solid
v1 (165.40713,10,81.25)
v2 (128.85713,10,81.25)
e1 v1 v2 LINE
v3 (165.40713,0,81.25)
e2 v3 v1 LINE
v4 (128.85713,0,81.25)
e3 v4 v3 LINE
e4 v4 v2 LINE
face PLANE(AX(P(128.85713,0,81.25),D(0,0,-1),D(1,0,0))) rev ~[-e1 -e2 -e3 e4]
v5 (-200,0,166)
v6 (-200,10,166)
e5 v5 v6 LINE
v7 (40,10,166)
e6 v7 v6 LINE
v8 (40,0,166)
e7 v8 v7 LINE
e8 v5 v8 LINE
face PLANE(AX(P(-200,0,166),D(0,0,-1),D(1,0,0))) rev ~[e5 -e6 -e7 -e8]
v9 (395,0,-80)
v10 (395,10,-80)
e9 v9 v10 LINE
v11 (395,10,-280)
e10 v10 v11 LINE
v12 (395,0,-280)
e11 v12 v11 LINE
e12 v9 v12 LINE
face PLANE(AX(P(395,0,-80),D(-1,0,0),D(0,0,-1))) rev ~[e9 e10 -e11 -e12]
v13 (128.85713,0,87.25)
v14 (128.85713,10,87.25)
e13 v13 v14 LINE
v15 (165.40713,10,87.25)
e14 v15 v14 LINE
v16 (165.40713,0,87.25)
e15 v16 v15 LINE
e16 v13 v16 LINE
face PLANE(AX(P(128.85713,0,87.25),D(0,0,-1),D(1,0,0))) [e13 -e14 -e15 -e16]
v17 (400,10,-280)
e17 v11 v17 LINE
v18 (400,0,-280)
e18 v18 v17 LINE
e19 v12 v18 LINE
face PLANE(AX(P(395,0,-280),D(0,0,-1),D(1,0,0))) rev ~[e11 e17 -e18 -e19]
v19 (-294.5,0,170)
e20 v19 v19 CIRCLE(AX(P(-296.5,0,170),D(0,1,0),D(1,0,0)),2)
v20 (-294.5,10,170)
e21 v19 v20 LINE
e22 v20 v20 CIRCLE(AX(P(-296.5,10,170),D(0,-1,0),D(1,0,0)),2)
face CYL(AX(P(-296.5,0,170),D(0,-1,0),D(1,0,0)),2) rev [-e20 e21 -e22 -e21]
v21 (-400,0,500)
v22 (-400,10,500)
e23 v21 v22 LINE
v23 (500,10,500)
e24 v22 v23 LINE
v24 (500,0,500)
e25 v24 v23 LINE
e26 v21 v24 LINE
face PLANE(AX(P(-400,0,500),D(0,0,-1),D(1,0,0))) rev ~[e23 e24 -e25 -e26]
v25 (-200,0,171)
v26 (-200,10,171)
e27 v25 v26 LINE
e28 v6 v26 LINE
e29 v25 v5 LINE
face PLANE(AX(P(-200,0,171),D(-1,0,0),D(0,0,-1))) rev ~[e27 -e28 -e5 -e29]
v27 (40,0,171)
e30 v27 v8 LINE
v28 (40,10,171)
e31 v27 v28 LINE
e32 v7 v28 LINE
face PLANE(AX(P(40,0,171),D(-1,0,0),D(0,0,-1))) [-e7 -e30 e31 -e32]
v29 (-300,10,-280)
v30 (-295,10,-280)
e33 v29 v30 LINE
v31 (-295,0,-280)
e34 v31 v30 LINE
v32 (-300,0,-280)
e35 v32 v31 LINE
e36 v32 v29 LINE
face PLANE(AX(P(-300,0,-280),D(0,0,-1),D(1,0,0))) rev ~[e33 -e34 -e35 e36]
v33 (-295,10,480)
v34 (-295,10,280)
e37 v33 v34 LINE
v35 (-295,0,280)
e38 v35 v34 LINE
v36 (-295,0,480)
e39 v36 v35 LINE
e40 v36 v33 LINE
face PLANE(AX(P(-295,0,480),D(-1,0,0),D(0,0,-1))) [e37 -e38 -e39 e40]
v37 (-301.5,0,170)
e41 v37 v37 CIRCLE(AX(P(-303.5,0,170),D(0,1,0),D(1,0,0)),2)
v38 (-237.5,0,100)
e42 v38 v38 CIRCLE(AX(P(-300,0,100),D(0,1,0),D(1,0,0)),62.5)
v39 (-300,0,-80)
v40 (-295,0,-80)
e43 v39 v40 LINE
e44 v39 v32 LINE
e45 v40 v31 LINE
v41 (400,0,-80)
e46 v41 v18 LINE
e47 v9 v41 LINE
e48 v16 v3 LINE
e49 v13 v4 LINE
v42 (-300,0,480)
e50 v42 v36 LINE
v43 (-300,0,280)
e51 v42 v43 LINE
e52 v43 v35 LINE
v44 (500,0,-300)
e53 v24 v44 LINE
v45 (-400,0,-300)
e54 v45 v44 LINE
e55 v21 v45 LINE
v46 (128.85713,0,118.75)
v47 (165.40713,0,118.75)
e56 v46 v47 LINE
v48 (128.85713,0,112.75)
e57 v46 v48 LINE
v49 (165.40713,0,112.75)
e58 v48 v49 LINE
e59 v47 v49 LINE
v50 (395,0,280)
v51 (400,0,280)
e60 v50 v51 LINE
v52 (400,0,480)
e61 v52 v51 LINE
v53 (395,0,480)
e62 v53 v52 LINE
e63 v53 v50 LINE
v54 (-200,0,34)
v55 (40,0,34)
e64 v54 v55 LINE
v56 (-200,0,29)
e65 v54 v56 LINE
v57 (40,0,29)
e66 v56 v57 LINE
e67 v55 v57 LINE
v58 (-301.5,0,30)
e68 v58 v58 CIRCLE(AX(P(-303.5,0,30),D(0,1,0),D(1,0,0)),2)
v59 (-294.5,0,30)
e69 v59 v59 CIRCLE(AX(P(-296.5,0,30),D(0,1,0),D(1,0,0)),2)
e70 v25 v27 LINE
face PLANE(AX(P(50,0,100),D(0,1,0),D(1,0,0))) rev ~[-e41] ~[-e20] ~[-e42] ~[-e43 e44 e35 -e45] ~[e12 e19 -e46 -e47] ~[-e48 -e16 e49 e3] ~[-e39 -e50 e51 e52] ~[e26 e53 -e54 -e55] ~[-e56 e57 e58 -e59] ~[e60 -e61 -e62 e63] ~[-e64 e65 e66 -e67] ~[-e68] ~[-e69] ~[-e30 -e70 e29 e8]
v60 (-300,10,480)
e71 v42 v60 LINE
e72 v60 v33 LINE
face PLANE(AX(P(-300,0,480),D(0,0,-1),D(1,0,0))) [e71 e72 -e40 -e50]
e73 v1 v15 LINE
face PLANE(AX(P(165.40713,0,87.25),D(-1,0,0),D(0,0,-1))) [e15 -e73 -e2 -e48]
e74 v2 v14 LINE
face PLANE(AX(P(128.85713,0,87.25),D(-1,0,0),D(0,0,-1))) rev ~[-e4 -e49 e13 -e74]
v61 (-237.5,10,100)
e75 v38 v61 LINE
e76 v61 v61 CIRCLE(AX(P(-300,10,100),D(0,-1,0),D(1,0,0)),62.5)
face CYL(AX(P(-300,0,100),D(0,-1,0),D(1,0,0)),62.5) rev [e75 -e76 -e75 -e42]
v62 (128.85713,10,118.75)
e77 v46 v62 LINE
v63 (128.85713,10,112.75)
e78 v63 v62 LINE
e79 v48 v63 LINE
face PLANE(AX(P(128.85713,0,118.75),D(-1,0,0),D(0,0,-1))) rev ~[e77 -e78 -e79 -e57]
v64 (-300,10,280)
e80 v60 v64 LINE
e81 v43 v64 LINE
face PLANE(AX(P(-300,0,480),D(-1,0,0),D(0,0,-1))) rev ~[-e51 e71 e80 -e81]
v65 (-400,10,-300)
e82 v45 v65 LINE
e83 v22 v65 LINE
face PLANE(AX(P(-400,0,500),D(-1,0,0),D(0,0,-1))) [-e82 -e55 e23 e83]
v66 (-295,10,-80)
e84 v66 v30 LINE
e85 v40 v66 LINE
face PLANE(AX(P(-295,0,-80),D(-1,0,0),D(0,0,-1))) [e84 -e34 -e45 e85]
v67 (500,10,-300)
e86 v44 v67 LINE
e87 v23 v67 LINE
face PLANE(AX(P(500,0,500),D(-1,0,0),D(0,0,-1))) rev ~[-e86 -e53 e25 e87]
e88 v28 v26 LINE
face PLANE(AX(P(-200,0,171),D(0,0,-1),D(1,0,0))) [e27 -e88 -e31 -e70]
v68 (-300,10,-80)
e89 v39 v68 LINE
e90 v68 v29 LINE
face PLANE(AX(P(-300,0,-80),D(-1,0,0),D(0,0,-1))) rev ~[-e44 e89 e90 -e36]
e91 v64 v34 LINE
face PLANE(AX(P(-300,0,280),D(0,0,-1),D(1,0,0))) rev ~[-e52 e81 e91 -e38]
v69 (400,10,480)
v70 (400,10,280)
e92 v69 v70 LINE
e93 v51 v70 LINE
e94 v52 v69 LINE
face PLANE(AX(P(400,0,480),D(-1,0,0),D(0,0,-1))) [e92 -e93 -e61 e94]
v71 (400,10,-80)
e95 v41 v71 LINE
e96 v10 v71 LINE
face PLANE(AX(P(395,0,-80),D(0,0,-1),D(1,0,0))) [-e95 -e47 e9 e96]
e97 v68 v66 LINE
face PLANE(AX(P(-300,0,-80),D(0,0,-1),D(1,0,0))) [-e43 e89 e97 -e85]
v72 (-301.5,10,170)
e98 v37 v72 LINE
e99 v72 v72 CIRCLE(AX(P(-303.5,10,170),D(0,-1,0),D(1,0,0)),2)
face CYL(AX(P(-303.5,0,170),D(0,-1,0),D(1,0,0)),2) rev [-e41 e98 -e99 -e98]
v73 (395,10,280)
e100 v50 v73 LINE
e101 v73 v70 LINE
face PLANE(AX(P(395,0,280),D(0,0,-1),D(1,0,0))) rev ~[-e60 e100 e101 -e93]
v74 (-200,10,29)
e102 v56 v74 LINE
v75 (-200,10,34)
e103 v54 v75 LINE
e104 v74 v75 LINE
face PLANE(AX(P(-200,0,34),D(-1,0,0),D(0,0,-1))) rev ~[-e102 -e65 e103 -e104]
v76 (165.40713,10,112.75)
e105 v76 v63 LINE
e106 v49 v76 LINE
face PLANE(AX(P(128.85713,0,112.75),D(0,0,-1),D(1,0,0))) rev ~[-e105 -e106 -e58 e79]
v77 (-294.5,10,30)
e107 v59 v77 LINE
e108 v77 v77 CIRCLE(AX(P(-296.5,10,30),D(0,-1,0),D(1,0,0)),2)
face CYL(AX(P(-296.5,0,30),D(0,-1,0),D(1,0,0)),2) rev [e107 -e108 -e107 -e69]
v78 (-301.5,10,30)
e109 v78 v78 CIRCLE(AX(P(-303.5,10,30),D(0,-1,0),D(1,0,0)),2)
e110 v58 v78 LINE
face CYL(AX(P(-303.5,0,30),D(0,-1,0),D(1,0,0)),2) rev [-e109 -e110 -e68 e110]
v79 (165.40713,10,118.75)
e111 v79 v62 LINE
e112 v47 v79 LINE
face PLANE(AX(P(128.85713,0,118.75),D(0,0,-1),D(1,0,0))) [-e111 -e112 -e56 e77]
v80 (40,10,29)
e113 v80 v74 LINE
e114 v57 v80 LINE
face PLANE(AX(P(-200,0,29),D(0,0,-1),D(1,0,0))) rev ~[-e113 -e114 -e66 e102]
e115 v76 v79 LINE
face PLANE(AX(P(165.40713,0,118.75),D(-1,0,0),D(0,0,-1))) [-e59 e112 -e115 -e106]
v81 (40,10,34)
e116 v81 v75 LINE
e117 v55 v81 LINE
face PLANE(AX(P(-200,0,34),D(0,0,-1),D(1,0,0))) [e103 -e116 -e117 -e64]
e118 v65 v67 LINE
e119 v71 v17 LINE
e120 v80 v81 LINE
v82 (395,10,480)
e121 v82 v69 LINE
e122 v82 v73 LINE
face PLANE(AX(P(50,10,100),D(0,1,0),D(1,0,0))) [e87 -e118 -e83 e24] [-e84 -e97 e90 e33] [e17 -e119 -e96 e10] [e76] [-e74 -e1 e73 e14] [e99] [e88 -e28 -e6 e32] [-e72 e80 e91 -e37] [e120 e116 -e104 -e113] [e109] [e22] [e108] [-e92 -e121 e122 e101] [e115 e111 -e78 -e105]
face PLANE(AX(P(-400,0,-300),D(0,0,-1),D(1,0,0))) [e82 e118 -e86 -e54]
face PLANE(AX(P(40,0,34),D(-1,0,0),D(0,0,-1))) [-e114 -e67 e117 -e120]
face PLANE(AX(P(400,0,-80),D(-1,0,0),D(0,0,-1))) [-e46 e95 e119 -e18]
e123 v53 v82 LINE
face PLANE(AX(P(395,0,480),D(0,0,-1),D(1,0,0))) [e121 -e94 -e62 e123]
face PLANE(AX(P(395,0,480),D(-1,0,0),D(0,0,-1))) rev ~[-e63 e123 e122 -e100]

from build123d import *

# Parameters (mm, degrees)
SKETCH1_W           = 900
SKETCH1_H           = 800
SKETCH1_W_2         = 5
SKETCH1_H_2         = 200
BOSS_EXTRUDE1_DEPTH = 10
SKETCH2_R           = 62.5
CUT_EXTRUDE4_DEPTH  = 196
SKETCH3_R           = 2
SKETCH3_W           = 36.55
SKETCH3_H           = 6
SKETCH3_W_2         = 240
SKETCH3_H_2         = 5
CUT_EXTRUDE5_DEPTH  = 11


with BuildPart() as part:
    # Sketch1 → Boss-Extrude1 (new body)
    with BuildSketch(Plane(origin=(0, 0, 0), x_dir=(1, 0, 0), z_dir=(0, 1, 0))):
        with Locations((50, -100)):
            Rectangle(SKETCH1_W, SKETCH1_H)
        with Locations((397.5, 180)):
            Rectangle(SKETCH1_W_2, SKETCH1_H_2, mode=Mode.SUBTRACT)
        with Locations((-297.5, 180)):
            Rectangle(SKETCH1_W_2, SKETCH1_H_2, mode=Mode.SUBTRACT)
        with Locations((-297.5, -380)):
            Rectangle(SKETCH1_W_2, SKETCH1_H_2, mode=Mode.SUBTRACT)
        with Locations((397.5, -380)):
            Rectangle(SKETCH1_W_2, SKETCH1_H_2, mode=Mode.SUBTRACT)
    extrude(amount=BOSS_EXTRUDE1_DEPTH)

    # Sketch2 → Cut-Extrude4 (cut)
    with BuildSketch(Plane(origin=(0, 0, 0), x_dir=(1, 0, 0), z_dir=(0, 1, 0))):
        with Locations((-300, -100)):
            Circle(SKETCH2_R)
    extrude(amount=CUT_EXTRUDE4_DEPTH, mode=Mode.SUBTRACT)

    # Sketch3 → Cut-Extrude5 (cut, through all)
    with BuildSketch(Plane(origin=(0, 0, 0), x_dir=(1, 0, 0), z_dir=(0, 1, 0))):
        with Locations((-296.5, -30)):
            Circle(SKETCH3_R)
        with Locations((-303.5, -30)):
            Circle(SKETCH3_R)
        with Locations((-303.5, -170)):
            Circle(SKETCH3_R)
        with Locations((-296.5, -170)):
            Circle(SKETCH3_R)
        with Locations((147.13212951, -115.75)):
            Rectangle(SKETCH3_W, SKETCH3_H)
        with Locations((147.13212951, -84.25)):
            Rectangle(SKETCH3_W, SKETCH3_H)
        with Locations((-80, -168.5)):
            Rectangle(SKETCH3_W_2, SKETCH3_H_2)
        with Locations((-80, -31.5)):
            Rectangle(SKETCH3_W_2, SKETCH3_H_2)
    extrude(amount=CUT_EXTRUDE5_DEPTH, mode=Mode.SUBTRACT)


solid = part.part
